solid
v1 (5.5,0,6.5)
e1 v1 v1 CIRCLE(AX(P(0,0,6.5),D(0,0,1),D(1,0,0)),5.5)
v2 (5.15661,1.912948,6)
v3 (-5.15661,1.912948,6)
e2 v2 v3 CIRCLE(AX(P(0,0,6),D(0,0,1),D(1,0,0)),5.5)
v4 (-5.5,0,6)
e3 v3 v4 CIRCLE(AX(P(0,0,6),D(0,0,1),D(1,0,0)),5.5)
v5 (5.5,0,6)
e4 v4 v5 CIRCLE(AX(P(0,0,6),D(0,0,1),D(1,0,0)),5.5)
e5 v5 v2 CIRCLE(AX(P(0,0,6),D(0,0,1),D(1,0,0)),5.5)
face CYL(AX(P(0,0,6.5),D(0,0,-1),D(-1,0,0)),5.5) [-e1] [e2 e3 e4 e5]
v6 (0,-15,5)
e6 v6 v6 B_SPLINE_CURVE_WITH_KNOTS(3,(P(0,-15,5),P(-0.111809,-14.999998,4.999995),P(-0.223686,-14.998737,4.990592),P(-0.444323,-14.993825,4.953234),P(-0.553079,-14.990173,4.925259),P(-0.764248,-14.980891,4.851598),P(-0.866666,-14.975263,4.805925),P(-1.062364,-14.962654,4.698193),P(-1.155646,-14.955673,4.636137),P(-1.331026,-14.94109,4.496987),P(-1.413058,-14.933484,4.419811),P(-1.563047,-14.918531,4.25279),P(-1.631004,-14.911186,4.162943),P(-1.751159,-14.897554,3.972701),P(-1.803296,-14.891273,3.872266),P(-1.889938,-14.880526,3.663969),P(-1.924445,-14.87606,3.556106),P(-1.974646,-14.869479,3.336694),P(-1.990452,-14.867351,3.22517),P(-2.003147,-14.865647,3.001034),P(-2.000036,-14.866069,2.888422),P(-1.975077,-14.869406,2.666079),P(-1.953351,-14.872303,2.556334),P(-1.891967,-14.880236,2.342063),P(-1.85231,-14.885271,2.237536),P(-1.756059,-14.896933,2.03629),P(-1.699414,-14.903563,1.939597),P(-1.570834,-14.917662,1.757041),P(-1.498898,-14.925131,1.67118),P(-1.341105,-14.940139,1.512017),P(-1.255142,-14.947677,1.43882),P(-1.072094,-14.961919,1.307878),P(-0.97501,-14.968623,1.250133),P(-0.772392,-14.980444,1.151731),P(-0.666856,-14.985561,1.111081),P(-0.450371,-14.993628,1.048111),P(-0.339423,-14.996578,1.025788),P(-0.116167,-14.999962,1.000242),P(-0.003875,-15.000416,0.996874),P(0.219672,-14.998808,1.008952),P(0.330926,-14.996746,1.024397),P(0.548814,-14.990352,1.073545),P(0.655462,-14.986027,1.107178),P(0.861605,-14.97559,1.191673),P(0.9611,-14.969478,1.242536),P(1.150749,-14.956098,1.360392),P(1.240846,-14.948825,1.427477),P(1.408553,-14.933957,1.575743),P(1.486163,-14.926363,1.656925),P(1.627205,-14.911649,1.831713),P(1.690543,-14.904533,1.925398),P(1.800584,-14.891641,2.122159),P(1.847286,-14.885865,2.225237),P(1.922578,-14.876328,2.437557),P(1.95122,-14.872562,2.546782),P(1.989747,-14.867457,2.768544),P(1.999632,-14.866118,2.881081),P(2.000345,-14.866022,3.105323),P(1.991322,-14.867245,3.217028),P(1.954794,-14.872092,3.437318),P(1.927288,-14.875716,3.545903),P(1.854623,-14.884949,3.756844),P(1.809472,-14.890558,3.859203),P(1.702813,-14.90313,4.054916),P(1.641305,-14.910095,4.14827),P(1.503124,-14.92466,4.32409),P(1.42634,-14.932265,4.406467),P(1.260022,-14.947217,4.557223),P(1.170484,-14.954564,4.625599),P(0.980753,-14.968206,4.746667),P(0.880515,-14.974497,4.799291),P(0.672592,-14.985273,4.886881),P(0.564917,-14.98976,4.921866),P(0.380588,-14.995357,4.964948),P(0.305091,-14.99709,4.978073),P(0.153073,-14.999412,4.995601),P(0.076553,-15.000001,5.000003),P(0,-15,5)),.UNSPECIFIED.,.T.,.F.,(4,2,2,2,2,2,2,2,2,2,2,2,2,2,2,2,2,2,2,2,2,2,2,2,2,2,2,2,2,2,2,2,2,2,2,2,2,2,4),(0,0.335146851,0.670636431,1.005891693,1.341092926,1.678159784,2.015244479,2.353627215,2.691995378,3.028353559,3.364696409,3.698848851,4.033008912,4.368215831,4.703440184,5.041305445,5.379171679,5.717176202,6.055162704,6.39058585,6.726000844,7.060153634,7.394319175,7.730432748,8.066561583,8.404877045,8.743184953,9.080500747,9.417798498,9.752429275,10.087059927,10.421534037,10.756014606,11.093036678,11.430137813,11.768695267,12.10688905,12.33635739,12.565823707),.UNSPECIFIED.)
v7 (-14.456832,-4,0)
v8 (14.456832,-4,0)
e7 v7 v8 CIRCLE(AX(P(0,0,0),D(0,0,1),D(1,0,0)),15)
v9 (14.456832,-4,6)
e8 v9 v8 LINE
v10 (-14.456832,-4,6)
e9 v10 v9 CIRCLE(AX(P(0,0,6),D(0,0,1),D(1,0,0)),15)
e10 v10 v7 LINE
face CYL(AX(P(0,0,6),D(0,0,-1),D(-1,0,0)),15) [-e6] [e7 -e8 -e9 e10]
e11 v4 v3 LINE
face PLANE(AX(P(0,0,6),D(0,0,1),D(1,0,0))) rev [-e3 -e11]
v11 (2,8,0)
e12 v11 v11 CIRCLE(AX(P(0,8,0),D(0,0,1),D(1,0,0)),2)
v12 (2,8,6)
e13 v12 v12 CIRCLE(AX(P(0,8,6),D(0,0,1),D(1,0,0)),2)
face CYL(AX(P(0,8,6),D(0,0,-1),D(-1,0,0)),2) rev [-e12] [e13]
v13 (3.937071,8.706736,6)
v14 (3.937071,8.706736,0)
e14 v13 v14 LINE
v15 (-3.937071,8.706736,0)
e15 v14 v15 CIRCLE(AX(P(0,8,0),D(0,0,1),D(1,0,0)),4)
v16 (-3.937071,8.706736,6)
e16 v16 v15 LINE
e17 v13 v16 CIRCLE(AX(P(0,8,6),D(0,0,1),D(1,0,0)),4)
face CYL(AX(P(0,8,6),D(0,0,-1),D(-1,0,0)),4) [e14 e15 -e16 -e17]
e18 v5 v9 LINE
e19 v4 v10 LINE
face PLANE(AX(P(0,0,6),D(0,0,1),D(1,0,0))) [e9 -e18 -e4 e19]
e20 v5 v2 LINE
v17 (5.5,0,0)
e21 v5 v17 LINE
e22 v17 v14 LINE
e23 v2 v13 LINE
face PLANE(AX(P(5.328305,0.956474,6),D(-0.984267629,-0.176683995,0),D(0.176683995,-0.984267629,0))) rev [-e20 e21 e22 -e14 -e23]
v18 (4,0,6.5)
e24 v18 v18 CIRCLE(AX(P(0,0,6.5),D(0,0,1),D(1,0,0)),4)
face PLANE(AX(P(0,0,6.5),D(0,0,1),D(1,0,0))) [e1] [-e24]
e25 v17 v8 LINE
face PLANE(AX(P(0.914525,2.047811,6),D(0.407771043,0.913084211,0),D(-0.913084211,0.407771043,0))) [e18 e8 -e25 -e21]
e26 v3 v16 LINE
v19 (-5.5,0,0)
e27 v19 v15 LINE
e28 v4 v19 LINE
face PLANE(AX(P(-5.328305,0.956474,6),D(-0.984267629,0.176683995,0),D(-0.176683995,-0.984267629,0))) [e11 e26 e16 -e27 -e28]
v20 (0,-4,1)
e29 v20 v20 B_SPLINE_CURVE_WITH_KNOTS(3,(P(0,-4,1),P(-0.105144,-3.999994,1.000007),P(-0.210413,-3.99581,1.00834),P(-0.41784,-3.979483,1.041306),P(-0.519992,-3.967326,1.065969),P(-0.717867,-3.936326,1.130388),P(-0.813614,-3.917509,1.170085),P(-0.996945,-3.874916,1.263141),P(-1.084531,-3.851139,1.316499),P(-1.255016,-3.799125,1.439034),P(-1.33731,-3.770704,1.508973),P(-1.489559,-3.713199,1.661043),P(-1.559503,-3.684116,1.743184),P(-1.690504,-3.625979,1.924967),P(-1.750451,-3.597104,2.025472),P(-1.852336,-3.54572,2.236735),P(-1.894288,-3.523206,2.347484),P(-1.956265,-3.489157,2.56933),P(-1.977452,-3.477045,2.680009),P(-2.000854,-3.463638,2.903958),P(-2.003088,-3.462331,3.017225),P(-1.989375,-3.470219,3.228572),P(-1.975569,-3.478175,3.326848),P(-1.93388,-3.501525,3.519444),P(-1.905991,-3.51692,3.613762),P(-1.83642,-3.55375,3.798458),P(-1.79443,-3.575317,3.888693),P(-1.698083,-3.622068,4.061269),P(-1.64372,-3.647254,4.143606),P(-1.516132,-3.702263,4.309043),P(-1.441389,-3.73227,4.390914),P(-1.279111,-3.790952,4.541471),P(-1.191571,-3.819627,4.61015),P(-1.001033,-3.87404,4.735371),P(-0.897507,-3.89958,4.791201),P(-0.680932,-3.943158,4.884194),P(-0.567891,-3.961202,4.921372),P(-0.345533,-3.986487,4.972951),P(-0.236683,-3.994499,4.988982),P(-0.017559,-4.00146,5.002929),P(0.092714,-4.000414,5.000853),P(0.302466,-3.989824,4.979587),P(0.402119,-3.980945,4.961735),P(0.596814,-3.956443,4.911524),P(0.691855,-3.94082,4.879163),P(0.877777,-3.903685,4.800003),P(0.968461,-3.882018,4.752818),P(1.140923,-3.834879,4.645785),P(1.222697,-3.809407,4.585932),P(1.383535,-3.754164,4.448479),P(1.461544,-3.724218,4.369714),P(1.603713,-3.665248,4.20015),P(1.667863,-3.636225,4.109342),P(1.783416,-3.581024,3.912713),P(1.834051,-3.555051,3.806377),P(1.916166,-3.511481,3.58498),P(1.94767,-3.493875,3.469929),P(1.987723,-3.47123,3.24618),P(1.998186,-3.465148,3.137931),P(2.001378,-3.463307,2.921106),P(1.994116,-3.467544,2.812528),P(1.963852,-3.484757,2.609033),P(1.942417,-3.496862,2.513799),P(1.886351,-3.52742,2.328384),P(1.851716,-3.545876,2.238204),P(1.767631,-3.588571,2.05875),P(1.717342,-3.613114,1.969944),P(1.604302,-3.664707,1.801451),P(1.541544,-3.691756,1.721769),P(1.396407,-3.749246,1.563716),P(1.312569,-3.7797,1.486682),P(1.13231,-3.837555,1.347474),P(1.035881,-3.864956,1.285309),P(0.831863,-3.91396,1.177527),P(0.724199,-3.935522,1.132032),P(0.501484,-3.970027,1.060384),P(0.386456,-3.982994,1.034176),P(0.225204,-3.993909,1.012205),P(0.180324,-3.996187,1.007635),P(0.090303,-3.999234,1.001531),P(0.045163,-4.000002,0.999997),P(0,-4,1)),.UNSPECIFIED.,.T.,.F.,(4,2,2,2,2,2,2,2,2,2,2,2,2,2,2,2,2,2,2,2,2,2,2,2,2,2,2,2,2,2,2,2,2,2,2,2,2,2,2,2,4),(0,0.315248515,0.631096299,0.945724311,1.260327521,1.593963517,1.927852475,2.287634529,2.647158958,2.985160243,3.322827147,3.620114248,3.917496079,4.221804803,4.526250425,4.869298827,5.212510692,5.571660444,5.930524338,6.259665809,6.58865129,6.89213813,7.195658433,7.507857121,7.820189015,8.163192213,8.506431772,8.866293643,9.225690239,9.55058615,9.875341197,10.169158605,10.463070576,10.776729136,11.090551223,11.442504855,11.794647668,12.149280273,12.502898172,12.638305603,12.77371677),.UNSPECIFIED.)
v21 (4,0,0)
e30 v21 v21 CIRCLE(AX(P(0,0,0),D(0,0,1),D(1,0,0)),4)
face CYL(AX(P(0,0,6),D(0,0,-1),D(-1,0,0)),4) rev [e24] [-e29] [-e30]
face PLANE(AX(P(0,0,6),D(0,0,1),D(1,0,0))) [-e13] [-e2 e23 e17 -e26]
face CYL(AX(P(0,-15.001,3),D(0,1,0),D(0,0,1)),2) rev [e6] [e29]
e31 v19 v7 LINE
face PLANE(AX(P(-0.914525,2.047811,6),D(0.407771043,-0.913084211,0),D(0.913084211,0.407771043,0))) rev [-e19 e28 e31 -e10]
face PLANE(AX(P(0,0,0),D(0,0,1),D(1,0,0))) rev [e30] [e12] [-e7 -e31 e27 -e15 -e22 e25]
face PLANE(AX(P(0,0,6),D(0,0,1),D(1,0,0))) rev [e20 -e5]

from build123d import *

# Parameters (mm, degrees)
SKETCH1_R                           = 2
SKETCH1_R_2                         = 4
BOSS_EXTRUDE1_DEPTH                 = 6
SKETCH2_R                           = 5.5
SKETCH2_R_2                         = 4
BOSS_EXTRUDE2_DEPTH                 = 0.5
CUT_EXTRUDE1_REACH                  = 28.823
CUT_EXTRUDE1_END_RADIUS             = 15
CUT_EXTRUDE1_START                  = -5
SKETCH3_R                           = 2
CUT_EXTRUDE1_DIRECTION_2_REACH      = 28.823
CUT_EXTRUDE1_DIRECTION_2_END_RADIUS = 4


with BuildPart() as part:
    # Sketch1 → Boss-Extrude1 (new body)
    with BuildSketch(Plane.XY):
        with BuildLine():
            Line((5.5, 0), (14.456832295, -4))
            ThreePointArc((14.456832295, -4), (0, -15), (-14.456832295, -4))
            Line((-14.456832295, -4), (-5.5, 0))
            Line((-5.5, 0), (-3.937070517, 8.70673598))
            ThreePointArc((-3.937070517, 8.70673598), (0, 12), (3.937070517, 8.70673598))
            Line((3.937070517, 8.70673598), (5.5, 0))
        make_face()
        with Locations((0, 8)):
            Circle(SKETCH1_R, mode=Mode.SUBTRACT)
        Circle(SKETCH1_R_2, mode=Mode.SUBTRACT)
    extrude(amount=BOSS_EXTRUDE1_DEPTH)

    # Sketch2 → Boss-Extrude2 (add)
    with BuildSketch(Plane.XY.offset(6)):
        Circle(SKETCH2_R)
        Circle(SKETCH2_R_2, mode=Mode.SUBTRACT)
    extrude(amount=BOSS_EXTRUDE2_DEPTH)

    # Cut-Extrude1: up to this cylinder (the profile starts inside it)
    cut_extrude1_end = Plane(origin=(0, 0, 3), z_dir=(0, 0, -1)) * Cylinder(CUT_EXTRUDE1_END_RADIUS, 88.646, mode=Mode.PRIVATE)
    # Sketch3 → Cut-Extrude1 (cut, up to the surface)
    with BuildSketch(Plane(origin=(0, 0, 0), x_dir=(1, 0, 0), z_dir=(0, 1, 0)).offset(CUT_EXTRUDE1_START), mode=Mode.PRIVATE) as cut_extrude1_sk1:
        with Locations(Location((0, -3, 0), (0, 0, 270))):
            Circle(SKETCH3_R)
    cut_extrude1_tool1 = extrude(cut_extrude1_sk1.sketch, amount=-CUT_EXTRUDE1_REACH, mode=Mode.PRIVATE) & cut_extrude1_end
    add(cut_extrude1_tool1.solids().sort_by_distance((0, -5, 3))[0], mode=Mode.SUBTRACT)

    # Cut-Extrude1 direction 2: up to this cylinder (the profile starts outside it)
    cut_extrude1_direction_2_end = Plane(origin=(0, 0, 3), z_dir=(0, 0, -1)) * Cylinder(CUT_EXTRUDE1_DIRECTION_2_END_RADIUS, 66.646, mode=Mode.PRIVATE)
    # Sketch3 → Cut-Extrude1 direction 2 (cut, up to the surface)
    with BuildSketch(Plane(origin=(0, 0, 0), x_dir=(1, 0, 0), z_dir=(0, 1, 0)).offset(CUT_EXTRUDE1_START), mode=Mode.PRIVATE) as cut_extrude1_direction_2_sk1:
        with Locations(Location((0, -3, 0), (0, 0, 270))):
            Circle(SKETCH3_R)
    cut_extrude1_direction_2_tool1 = extrude(cut_extrude1_direction_2_sk1.sketch, amount=CUT_EXTRUDE1_DIRECTION_2_REACH, mode=Mode.PRIVATE) - cut_extrude1_direction_2_end
    add(cut_extrude1_direction_2_tool1.solids().sort_by_distance((0, -5, 3))[0], mode=Mode.SUBTRACT)


solid = part.part
